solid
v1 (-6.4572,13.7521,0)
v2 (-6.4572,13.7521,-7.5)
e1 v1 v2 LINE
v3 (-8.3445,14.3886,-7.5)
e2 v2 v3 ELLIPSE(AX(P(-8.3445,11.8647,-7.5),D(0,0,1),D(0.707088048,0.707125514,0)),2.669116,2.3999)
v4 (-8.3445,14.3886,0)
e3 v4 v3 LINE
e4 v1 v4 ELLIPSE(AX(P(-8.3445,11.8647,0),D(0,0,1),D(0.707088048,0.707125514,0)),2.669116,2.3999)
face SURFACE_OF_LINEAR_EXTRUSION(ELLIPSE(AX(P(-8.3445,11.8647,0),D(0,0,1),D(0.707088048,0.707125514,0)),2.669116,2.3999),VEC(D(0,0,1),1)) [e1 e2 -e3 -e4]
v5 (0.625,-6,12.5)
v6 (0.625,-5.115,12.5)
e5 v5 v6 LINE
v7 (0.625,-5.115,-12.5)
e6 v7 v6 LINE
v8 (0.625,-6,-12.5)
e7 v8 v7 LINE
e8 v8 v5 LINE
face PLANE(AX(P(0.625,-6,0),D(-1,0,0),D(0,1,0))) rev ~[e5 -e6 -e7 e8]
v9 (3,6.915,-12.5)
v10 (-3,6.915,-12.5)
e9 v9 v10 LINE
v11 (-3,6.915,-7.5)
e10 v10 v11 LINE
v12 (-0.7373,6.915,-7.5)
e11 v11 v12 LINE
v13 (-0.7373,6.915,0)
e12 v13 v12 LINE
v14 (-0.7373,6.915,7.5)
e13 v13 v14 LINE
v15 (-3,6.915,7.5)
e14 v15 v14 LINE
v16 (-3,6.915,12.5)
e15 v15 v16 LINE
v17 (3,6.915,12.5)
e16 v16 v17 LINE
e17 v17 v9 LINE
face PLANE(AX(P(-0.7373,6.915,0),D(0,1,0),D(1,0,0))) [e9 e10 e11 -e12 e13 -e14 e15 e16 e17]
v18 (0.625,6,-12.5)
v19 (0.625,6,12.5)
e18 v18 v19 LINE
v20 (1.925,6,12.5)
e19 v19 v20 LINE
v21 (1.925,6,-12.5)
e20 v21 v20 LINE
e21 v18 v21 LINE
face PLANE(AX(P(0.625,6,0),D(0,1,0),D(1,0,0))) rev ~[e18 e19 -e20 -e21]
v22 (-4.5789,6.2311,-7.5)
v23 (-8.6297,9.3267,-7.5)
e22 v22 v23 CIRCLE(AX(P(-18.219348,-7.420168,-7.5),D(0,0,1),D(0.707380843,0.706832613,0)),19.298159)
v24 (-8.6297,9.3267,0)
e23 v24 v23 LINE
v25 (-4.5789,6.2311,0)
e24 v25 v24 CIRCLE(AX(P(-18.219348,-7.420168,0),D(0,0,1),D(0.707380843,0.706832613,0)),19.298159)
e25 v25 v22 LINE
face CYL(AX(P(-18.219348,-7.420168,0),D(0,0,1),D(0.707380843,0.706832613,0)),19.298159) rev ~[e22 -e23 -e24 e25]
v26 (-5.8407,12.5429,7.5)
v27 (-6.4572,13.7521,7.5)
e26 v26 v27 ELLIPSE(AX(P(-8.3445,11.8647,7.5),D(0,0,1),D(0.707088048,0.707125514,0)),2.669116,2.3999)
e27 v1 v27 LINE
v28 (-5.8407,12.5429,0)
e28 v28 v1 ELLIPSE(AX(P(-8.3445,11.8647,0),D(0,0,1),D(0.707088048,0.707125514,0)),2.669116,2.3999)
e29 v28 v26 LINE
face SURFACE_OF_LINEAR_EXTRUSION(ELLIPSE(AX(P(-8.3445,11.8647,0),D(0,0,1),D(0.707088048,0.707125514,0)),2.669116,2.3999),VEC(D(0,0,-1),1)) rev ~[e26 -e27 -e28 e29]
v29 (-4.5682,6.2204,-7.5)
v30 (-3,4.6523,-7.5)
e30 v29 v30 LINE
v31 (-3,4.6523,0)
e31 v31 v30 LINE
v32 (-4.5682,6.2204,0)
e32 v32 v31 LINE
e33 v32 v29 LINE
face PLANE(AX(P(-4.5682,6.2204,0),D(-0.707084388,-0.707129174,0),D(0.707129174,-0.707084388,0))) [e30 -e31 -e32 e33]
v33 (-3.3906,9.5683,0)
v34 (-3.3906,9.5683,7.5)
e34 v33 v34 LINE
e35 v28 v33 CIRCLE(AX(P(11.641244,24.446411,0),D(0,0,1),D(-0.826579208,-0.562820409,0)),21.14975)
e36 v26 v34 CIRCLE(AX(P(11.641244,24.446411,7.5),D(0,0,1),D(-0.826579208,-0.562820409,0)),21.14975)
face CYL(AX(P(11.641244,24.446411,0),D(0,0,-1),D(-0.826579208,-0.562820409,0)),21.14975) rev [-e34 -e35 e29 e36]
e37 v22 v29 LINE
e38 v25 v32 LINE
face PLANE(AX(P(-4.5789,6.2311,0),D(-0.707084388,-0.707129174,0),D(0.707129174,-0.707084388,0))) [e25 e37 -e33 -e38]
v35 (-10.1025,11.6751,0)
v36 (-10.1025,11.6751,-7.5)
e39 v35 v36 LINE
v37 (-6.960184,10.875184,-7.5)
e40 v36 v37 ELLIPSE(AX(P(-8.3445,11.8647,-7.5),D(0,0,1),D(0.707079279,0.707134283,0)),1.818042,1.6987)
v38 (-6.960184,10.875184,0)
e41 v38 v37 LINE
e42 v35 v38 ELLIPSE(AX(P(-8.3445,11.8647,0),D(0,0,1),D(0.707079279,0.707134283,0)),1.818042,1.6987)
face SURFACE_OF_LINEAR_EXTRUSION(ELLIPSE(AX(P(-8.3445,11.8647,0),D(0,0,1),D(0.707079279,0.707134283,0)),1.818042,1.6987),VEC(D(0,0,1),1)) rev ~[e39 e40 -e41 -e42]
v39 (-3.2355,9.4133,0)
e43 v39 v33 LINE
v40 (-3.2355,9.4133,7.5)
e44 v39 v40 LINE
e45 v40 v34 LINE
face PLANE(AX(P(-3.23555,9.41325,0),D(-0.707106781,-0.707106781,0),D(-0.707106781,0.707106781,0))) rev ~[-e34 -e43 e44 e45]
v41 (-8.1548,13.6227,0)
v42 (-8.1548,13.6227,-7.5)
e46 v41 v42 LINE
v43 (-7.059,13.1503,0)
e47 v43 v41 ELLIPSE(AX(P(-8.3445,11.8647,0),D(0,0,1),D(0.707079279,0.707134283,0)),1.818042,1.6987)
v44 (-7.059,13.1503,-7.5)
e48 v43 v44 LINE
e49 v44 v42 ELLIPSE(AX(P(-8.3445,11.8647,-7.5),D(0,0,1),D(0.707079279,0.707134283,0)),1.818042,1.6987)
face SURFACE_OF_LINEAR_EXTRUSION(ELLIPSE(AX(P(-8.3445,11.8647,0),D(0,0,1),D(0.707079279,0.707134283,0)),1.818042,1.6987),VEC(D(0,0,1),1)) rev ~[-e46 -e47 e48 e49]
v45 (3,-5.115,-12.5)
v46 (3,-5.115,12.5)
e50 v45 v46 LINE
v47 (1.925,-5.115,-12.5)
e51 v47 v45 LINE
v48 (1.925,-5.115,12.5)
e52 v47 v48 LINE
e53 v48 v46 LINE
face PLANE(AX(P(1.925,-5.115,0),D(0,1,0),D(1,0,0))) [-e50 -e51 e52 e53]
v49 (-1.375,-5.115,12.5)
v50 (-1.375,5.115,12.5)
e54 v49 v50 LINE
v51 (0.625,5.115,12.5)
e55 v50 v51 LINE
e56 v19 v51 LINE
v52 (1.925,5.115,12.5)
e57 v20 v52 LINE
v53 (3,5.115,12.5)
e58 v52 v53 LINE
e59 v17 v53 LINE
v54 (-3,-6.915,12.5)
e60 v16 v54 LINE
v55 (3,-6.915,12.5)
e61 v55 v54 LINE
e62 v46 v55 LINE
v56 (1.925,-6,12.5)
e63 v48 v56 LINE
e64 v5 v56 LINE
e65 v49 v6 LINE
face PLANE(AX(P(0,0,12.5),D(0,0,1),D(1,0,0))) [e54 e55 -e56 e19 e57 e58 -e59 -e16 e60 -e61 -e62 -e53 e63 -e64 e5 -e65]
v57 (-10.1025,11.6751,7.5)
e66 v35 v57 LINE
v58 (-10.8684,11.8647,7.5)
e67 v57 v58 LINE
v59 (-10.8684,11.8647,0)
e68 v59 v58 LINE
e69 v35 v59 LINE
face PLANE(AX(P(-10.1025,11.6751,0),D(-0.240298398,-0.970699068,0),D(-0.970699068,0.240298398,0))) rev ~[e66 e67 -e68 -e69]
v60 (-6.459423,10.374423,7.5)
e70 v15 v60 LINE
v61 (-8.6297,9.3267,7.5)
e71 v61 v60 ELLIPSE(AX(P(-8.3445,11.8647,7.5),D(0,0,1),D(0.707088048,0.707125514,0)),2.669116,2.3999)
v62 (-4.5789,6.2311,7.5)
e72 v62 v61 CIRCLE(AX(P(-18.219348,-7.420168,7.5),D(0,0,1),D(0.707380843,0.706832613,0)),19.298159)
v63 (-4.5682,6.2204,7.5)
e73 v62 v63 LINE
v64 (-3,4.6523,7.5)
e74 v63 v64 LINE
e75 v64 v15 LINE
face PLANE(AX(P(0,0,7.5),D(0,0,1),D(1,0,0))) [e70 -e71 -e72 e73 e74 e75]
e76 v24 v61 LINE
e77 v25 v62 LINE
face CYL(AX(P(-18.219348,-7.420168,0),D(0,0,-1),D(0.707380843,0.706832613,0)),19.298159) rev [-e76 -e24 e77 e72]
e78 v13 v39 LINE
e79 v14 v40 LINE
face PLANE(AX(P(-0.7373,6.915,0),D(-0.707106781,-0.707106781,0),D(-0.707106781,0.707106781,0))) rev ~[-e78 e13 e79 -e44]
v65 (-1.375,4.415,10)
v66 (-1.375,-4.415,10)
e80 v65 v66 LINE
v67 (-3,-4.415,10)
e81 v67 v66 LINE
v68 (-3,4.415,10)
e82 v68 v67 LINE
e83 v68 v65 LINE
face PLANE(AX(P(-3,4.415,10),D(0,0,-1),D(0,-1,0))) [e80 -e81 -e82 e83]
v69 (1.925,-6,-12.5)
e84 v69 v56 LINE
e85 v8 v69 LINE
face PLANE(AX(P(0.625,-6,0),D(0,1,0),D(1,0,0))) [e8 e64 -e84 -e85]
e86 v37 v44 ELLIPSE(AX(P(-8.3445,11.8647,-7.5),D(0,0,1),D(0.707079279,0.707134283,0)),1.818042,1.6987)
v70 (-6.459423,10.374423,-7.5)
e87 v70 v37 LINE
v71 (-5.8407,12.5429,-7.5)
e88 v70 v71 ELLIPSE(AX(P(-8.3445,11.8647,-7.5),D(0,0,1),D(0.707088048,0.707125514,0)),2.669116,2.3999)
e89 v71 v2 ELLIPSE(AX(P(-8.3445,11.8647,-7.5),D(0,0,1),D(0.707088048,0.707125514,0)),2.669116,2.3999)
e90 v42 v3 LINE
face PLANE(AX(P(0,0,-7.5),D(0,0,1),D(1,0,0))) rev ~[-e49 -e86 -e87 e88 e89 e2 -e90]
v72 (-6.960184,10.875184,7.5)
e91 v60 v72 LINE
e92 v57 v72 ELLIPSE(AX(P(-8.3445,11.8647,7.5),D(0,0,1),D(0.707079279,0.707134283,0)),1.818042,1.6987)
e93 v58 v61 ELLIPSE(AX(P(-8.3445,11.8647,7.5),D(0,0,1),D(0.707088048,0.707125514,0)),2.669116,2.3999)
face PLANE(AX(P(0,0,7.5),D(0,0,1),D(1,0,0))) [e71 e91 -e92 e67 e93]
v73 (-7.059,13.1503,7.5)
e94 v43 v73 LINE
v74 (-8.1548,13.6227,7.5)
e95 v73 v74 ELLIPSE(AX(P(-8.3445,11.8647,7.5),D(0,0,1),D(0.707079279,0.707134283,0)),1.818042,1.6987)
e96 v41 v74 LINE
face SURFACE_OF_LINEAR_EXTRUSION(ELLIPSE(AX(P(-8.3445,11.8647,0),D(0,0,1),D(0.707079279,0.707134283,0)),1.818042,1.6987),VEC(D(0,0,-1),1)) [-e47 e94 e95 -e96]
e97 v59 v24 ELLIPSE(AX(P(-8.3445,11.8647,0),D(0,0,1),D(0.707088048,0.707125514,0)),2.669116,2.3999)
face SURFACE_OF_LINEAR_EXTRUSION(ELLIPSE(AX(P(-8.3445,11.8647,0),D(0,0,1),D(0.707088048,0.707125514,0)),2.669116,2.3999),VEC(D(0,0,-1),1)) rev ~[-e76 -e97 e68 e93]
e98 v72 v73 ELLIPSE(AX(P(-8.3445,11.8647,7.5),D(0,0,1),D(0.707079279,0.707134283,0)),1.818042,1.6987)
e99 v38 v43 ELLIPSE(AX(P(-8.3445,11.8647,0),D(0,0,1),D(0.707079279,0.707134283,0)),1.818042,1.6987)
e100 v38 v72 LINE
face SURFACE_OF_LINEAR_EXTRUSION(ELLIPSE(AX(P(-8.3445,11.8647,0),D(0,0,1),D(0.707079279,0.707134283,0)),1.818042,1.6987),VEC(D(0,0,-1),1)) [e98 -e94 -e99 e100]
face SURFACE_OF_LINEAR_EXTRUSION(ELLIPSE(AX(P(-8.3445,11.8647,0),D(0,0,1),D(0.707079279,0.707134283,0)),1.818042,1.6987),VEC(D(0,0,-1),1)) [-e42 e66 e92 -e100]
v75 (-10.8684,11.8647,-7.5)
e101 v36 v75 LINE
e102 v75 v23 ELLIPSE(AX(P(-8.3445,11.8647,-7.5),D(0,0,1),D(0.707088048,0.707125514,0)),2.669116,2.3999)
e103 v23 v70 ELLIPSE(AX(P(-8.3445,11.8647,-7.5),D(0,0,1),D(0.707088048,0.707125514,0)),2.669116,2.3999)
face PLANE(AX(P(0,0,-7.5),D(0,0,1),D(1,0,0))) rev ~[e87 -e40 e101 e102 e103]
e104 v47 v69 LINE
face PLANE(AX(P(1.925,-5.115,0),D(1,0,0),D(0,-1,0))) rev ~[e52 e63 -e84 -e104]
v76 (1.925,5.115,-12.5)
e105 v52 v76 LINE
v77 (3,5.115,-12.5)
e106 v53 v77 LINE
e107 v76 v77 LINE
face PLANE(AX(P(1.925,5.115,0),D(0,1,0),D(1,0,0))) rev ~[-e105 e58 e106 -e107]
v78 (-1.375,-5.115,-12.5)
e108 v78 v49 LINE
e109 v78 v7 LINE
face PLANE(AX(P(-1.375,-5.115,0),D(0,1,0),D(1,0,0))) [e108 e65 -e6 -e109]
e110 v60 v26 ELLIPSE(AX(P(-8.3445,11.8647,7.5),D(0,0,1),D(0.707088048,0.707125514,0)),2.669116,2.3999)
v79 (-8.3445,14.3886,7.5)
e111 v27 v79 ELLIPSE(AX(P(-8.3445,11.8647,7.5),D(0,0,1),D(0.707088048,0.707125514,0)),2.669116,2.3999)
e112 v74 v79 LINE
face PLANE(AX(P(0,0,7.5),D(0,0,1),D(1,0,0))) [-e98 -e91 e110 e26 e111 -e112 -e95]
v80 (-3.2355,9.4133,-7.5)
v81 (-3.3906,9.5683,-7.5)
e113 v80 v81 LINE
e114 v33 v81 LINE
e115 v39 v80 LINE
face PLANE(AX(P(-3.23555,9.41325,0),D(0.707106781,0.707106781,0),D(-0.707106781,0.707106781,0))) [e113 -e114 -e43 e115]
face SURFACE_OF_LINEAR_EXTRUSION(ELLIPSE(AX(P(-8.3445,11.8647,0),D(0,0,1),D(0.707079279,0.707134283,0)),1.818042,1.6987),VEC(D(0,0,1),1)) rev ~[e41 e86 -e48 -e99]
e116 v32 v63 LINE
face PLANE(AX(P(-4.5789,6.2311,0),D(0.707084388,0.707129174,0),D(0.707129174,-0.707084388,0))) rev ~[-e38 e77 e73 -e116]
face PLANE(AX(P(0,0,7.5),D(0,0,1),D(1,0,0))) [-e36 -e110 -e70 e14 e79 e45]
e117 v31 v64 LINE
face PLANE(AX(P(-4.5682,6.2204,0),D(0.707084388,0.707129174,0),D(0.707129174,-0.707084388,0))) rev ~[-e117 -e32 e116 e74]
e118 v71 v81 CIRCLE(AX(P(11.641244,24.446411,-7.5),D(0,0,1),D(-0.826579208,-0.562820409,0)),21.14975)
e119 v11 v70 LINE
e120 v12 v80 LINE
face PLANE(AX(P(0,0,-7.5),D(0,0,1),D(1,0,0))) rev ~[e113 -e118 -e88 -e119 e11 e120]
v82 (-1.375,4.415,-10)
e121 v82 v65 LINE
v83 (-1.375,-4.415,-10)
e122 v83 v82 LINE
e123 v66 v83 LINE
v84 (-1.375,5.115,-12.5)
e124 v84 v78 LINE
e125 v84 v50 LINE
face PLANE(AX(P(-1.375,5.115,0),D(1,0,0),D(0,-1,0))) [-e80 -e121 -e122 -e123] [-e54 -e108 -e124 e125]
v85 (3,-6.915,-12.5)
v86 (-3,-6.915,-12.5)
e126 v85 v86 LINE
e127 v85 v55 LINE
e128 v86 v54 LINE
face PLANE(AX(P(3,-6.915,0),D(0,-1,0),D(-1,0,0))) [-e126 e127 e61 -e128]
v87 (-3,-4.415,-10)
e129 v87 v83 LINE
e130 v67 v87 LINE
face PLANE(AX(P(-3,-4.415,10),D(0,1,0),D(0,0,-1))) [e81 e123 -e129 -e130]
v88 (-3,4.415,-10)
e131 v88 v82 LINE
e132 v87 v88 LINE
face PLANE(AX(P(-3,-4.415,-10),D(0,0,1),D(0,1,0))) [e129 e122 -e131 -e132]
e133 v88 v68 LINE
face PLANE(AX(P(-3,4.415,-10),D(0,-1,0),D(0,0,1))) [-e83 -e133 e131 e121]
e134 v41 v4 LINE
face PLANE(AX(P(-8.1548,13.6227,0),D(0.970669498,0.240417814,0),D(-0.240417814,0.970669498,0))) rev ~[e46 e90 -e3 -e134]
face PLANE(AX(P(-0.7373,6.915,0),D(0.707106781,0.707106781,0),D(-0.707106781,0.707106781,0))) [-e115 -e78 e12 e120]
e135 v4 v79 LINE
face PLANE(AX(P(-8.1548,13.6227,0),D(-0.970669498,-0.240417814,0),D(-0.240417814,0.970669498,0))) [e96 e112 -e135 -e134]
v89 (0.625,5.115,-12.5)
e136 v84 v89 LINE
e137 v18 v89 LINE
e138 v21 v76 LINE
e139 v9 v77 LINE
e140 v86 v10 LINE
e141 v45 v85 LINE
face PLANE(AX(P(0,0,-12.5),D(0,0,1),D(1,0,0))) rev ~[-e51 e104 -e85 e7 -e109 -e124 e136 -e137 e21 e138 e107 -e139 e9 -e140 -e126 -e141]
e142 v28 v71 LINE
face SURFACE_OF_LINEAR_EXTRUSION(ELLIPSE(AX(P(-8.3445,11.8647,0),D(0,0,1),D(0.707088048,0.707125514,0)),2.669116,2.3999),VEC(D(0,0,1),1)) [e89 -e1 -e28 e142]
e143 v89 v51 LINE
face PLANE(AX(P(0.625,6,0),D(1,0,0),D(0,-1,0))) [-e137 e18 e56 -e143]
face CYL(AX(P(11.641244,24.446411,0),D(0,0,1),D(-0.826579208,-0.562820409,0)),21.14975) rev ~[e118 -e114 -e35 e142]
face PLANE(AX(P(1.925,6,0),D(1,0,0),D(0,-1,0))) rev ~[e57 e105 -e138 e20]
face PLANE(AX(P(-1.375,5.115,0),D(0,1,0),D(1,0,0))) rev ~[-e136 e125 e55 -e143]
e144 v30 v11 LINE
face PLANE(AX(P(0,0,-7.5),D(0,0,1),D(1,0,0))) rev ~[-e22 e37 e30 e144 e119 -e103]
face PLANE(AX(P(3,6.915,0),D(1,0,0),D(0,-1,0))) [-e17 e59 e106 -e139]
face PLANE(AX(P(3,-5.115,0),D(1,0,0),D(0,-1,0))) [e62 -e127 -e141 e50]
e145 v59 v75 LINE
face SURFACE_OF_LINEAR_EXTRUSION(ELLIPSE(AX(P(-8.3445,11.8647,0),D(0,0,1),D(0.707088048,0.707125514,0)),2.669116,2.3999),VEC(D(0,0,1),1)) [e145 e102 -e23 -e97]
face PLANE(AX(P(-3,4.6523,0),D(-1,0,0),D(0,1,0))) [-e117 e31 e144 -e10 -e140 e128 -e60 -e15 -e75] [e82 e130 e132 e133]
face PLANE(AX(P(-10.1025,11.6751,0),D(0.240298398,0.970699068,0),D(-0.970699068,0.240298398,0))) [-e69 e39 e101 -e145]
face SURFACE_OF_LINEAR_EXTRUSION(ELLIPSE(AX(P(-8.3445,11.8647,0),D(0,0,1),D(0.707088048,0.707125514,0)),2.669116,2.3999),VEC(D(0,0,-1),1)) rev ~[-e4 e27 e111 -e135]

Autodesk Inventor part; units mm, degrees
ref_plane "YZ Plane" through (0, 0, 0) normal (1, 0, 0) x (0, 1, 0)
ref_plane "XZ Plane" through (0, 0, 0) normal (0, 1, 0) x (-1, 0, 0)
ref_plane "XY Plane" through (0, 0, 0) normal (0, 0, 1) x (1, 0, 0)
sketch "Skizze1" plane through (0, 0, 0) normal (0, 0, 1) x (1, 0, 0)
  line L0 (-0.7373, 6.915) -> (3, 6.915)
  line L1 (3, 6.915) -> (3, -6.915)
  line L2 (3, -6.915) -> (-3, -6.915)
  line L3 (-3, -6.915) -> (-3, 4.6523)
  line L4 (-3, 6.915) -> (3, -6.915) construction
  line L5 (3, 6.915) -> (-3, -6.915) construction
  line L6 (-3, 0) -> (3, 0)
  line L7 (1.925, 6) -> (1.925, 5.115)
  line L8 (0.625, 6) -> (0.625, 5.115)
  line L9 (-1.375, 5.115) -> (-1.375, 0)
  line L10 (0.625, 6) -> (1.925, 6)
  line L11 (-1.375, 5.115) -> (0.625, 5.115)
  line L12 (1.925, 5.115) -> (3, 5.115)
  line L13 (-3, 0) -> (3, 0)
  line L14 (0.625, -6) -> (0.625, -5.115)
  line L15 (-1.375, -5.115) -> (-1.375, 0)
  line L16 (0.625, -6) -> (1.925, -6)
  line L17 (-1.375, -5.115) -> (0.625, -5.115)
  line L18 (1.925, -5.115) -> (3, -5.115)
  line L19 (1.925, -5.115) -> (1.925, -6)
  line L20 (-3, 6.915) -> (2.008, 6.915) construction
  line L21 (-3, 6.915) -> (4, 6.915) construction
  line L22 (-3, 6.915) -> (-7.9497, 11.8647)
  line L23 (-3, 6.915) -> (4, 6.915) construction
  line L24 (-0.7373, 6.915) -> (-3.3906, 9.5683)
  line L25 (-4.5789, 6.2311) -> (-3, 4.6523)
  ellipse E0 centre (-8.3445, 11.8647) end of major axis (-7.059, 13.1503) minor radius 1.6987
  ellipse E1 centre (-8.3445, 11.8647) end of major axis (-6.4572, 13.7521) minor radius 2.3999
  arc A0 (-4.5682, 6.2204) -> (-8.6297, 9.3267) centre (-18.2185, -7.4192) ccw
  arc A1 (-5.8407, 12.5429) -> (-3.2355, 9.4133) centre (11.6468, 24.4506) ccw
  line L26 (-8.1548, 13.6227) -> (-10.1025, 11.6751)
  line L27 (-8.1548, 13.6227) -> (-8.3445, 14.3886)
  line L28 (-8.3445, 14.3886) -> (-10.8684, 11.8647)
  line L29 (-10.1025, 11.6751) -> (-10.8684, 11.8647)
  line L30 (-3, 4.6523) -> (-3, 6.915)
  line L31 (-3, 6.915) -> (-0.7373, 6.915)
  point P0 (0, 0)
  point P1 (1.925, 5.5575)
  point P2 (-8.5245, 12.4395)
  point P3 (3, -5.115)
  point P4 (1.275, -6)
  point P5 (1.275, 6)
  point P6 (2.4625, 5.115)
  point P7 (-5.4749, 9.3899)
  dimension "d34" = 1.6987
  dimension "d35" = 1.818
  dimension "d36" = 2.6691
  dimension "d37" = 2.4
  dimension "d0" = 6
  dimension "d19" = 1.3
  dimension "d20" = 2
  dimension "d26" = 1.8
  dimension "d27" = 1.8
  dimension "d30" = 135
  dimension "d40" = 12
  dimension "d41" = 0.885
  dimension "d44" = 7.2125
  dimension "d45" = 4.9497
  dimension "d46" = 4.7376
  dimension "d47" = 2.2627
extrude "Extrusion1" add sketch "Skizze1" along normal mid plane 15 contours L31 L22 E1 A1 L24 | L30 L25 A0 E1 L22 | E1 L29 E0 L22 | L22 E0 L27 E1
extrude "Extrusion2" add sketch "Skizze1" along normal mid plane 25 contours L0 L1 L12 L7 L10 L8 L11 L9 L6 L3 L30 L31 | L6 L15 L17 L14 L16 L19 L18 L1 L2 L3
sketch "Skizze2" plane through (-3, -6.915, -12.5) normal (-1, 0, 0) x (0, 0, 1)
  line L0 (2.5, 11.33) -> (22.5, 11.33)
  line L1 (22.5, 11.33) -> (22.5, 2.5)
  line L2 (22.5, 2.5) -> (2.5, 2.5)
  line L3 (2.5, 2.5) -> (2.5, 11.33)
  line L4 (2.5, 11.33) -> (22.5, 2.5) construction
  line L5 (22.5, 11.33) -> (2.5, 2.5) construction
  line L6 (0, 0) -> (0, 13.83) projected
  line L7 (0, 0) -> (25, 0) projected
  point P0 (12.5, 6.915)
  point P1 (12.5, 2.5)
  dimension "d50" = 2.5
  dimension "d51" = 2.5
extrude "Extrusion3" cut sketch "Skizze2" against normal up to surface (1.625 mm away)
properties part number "led-mount_3D-Druck"
